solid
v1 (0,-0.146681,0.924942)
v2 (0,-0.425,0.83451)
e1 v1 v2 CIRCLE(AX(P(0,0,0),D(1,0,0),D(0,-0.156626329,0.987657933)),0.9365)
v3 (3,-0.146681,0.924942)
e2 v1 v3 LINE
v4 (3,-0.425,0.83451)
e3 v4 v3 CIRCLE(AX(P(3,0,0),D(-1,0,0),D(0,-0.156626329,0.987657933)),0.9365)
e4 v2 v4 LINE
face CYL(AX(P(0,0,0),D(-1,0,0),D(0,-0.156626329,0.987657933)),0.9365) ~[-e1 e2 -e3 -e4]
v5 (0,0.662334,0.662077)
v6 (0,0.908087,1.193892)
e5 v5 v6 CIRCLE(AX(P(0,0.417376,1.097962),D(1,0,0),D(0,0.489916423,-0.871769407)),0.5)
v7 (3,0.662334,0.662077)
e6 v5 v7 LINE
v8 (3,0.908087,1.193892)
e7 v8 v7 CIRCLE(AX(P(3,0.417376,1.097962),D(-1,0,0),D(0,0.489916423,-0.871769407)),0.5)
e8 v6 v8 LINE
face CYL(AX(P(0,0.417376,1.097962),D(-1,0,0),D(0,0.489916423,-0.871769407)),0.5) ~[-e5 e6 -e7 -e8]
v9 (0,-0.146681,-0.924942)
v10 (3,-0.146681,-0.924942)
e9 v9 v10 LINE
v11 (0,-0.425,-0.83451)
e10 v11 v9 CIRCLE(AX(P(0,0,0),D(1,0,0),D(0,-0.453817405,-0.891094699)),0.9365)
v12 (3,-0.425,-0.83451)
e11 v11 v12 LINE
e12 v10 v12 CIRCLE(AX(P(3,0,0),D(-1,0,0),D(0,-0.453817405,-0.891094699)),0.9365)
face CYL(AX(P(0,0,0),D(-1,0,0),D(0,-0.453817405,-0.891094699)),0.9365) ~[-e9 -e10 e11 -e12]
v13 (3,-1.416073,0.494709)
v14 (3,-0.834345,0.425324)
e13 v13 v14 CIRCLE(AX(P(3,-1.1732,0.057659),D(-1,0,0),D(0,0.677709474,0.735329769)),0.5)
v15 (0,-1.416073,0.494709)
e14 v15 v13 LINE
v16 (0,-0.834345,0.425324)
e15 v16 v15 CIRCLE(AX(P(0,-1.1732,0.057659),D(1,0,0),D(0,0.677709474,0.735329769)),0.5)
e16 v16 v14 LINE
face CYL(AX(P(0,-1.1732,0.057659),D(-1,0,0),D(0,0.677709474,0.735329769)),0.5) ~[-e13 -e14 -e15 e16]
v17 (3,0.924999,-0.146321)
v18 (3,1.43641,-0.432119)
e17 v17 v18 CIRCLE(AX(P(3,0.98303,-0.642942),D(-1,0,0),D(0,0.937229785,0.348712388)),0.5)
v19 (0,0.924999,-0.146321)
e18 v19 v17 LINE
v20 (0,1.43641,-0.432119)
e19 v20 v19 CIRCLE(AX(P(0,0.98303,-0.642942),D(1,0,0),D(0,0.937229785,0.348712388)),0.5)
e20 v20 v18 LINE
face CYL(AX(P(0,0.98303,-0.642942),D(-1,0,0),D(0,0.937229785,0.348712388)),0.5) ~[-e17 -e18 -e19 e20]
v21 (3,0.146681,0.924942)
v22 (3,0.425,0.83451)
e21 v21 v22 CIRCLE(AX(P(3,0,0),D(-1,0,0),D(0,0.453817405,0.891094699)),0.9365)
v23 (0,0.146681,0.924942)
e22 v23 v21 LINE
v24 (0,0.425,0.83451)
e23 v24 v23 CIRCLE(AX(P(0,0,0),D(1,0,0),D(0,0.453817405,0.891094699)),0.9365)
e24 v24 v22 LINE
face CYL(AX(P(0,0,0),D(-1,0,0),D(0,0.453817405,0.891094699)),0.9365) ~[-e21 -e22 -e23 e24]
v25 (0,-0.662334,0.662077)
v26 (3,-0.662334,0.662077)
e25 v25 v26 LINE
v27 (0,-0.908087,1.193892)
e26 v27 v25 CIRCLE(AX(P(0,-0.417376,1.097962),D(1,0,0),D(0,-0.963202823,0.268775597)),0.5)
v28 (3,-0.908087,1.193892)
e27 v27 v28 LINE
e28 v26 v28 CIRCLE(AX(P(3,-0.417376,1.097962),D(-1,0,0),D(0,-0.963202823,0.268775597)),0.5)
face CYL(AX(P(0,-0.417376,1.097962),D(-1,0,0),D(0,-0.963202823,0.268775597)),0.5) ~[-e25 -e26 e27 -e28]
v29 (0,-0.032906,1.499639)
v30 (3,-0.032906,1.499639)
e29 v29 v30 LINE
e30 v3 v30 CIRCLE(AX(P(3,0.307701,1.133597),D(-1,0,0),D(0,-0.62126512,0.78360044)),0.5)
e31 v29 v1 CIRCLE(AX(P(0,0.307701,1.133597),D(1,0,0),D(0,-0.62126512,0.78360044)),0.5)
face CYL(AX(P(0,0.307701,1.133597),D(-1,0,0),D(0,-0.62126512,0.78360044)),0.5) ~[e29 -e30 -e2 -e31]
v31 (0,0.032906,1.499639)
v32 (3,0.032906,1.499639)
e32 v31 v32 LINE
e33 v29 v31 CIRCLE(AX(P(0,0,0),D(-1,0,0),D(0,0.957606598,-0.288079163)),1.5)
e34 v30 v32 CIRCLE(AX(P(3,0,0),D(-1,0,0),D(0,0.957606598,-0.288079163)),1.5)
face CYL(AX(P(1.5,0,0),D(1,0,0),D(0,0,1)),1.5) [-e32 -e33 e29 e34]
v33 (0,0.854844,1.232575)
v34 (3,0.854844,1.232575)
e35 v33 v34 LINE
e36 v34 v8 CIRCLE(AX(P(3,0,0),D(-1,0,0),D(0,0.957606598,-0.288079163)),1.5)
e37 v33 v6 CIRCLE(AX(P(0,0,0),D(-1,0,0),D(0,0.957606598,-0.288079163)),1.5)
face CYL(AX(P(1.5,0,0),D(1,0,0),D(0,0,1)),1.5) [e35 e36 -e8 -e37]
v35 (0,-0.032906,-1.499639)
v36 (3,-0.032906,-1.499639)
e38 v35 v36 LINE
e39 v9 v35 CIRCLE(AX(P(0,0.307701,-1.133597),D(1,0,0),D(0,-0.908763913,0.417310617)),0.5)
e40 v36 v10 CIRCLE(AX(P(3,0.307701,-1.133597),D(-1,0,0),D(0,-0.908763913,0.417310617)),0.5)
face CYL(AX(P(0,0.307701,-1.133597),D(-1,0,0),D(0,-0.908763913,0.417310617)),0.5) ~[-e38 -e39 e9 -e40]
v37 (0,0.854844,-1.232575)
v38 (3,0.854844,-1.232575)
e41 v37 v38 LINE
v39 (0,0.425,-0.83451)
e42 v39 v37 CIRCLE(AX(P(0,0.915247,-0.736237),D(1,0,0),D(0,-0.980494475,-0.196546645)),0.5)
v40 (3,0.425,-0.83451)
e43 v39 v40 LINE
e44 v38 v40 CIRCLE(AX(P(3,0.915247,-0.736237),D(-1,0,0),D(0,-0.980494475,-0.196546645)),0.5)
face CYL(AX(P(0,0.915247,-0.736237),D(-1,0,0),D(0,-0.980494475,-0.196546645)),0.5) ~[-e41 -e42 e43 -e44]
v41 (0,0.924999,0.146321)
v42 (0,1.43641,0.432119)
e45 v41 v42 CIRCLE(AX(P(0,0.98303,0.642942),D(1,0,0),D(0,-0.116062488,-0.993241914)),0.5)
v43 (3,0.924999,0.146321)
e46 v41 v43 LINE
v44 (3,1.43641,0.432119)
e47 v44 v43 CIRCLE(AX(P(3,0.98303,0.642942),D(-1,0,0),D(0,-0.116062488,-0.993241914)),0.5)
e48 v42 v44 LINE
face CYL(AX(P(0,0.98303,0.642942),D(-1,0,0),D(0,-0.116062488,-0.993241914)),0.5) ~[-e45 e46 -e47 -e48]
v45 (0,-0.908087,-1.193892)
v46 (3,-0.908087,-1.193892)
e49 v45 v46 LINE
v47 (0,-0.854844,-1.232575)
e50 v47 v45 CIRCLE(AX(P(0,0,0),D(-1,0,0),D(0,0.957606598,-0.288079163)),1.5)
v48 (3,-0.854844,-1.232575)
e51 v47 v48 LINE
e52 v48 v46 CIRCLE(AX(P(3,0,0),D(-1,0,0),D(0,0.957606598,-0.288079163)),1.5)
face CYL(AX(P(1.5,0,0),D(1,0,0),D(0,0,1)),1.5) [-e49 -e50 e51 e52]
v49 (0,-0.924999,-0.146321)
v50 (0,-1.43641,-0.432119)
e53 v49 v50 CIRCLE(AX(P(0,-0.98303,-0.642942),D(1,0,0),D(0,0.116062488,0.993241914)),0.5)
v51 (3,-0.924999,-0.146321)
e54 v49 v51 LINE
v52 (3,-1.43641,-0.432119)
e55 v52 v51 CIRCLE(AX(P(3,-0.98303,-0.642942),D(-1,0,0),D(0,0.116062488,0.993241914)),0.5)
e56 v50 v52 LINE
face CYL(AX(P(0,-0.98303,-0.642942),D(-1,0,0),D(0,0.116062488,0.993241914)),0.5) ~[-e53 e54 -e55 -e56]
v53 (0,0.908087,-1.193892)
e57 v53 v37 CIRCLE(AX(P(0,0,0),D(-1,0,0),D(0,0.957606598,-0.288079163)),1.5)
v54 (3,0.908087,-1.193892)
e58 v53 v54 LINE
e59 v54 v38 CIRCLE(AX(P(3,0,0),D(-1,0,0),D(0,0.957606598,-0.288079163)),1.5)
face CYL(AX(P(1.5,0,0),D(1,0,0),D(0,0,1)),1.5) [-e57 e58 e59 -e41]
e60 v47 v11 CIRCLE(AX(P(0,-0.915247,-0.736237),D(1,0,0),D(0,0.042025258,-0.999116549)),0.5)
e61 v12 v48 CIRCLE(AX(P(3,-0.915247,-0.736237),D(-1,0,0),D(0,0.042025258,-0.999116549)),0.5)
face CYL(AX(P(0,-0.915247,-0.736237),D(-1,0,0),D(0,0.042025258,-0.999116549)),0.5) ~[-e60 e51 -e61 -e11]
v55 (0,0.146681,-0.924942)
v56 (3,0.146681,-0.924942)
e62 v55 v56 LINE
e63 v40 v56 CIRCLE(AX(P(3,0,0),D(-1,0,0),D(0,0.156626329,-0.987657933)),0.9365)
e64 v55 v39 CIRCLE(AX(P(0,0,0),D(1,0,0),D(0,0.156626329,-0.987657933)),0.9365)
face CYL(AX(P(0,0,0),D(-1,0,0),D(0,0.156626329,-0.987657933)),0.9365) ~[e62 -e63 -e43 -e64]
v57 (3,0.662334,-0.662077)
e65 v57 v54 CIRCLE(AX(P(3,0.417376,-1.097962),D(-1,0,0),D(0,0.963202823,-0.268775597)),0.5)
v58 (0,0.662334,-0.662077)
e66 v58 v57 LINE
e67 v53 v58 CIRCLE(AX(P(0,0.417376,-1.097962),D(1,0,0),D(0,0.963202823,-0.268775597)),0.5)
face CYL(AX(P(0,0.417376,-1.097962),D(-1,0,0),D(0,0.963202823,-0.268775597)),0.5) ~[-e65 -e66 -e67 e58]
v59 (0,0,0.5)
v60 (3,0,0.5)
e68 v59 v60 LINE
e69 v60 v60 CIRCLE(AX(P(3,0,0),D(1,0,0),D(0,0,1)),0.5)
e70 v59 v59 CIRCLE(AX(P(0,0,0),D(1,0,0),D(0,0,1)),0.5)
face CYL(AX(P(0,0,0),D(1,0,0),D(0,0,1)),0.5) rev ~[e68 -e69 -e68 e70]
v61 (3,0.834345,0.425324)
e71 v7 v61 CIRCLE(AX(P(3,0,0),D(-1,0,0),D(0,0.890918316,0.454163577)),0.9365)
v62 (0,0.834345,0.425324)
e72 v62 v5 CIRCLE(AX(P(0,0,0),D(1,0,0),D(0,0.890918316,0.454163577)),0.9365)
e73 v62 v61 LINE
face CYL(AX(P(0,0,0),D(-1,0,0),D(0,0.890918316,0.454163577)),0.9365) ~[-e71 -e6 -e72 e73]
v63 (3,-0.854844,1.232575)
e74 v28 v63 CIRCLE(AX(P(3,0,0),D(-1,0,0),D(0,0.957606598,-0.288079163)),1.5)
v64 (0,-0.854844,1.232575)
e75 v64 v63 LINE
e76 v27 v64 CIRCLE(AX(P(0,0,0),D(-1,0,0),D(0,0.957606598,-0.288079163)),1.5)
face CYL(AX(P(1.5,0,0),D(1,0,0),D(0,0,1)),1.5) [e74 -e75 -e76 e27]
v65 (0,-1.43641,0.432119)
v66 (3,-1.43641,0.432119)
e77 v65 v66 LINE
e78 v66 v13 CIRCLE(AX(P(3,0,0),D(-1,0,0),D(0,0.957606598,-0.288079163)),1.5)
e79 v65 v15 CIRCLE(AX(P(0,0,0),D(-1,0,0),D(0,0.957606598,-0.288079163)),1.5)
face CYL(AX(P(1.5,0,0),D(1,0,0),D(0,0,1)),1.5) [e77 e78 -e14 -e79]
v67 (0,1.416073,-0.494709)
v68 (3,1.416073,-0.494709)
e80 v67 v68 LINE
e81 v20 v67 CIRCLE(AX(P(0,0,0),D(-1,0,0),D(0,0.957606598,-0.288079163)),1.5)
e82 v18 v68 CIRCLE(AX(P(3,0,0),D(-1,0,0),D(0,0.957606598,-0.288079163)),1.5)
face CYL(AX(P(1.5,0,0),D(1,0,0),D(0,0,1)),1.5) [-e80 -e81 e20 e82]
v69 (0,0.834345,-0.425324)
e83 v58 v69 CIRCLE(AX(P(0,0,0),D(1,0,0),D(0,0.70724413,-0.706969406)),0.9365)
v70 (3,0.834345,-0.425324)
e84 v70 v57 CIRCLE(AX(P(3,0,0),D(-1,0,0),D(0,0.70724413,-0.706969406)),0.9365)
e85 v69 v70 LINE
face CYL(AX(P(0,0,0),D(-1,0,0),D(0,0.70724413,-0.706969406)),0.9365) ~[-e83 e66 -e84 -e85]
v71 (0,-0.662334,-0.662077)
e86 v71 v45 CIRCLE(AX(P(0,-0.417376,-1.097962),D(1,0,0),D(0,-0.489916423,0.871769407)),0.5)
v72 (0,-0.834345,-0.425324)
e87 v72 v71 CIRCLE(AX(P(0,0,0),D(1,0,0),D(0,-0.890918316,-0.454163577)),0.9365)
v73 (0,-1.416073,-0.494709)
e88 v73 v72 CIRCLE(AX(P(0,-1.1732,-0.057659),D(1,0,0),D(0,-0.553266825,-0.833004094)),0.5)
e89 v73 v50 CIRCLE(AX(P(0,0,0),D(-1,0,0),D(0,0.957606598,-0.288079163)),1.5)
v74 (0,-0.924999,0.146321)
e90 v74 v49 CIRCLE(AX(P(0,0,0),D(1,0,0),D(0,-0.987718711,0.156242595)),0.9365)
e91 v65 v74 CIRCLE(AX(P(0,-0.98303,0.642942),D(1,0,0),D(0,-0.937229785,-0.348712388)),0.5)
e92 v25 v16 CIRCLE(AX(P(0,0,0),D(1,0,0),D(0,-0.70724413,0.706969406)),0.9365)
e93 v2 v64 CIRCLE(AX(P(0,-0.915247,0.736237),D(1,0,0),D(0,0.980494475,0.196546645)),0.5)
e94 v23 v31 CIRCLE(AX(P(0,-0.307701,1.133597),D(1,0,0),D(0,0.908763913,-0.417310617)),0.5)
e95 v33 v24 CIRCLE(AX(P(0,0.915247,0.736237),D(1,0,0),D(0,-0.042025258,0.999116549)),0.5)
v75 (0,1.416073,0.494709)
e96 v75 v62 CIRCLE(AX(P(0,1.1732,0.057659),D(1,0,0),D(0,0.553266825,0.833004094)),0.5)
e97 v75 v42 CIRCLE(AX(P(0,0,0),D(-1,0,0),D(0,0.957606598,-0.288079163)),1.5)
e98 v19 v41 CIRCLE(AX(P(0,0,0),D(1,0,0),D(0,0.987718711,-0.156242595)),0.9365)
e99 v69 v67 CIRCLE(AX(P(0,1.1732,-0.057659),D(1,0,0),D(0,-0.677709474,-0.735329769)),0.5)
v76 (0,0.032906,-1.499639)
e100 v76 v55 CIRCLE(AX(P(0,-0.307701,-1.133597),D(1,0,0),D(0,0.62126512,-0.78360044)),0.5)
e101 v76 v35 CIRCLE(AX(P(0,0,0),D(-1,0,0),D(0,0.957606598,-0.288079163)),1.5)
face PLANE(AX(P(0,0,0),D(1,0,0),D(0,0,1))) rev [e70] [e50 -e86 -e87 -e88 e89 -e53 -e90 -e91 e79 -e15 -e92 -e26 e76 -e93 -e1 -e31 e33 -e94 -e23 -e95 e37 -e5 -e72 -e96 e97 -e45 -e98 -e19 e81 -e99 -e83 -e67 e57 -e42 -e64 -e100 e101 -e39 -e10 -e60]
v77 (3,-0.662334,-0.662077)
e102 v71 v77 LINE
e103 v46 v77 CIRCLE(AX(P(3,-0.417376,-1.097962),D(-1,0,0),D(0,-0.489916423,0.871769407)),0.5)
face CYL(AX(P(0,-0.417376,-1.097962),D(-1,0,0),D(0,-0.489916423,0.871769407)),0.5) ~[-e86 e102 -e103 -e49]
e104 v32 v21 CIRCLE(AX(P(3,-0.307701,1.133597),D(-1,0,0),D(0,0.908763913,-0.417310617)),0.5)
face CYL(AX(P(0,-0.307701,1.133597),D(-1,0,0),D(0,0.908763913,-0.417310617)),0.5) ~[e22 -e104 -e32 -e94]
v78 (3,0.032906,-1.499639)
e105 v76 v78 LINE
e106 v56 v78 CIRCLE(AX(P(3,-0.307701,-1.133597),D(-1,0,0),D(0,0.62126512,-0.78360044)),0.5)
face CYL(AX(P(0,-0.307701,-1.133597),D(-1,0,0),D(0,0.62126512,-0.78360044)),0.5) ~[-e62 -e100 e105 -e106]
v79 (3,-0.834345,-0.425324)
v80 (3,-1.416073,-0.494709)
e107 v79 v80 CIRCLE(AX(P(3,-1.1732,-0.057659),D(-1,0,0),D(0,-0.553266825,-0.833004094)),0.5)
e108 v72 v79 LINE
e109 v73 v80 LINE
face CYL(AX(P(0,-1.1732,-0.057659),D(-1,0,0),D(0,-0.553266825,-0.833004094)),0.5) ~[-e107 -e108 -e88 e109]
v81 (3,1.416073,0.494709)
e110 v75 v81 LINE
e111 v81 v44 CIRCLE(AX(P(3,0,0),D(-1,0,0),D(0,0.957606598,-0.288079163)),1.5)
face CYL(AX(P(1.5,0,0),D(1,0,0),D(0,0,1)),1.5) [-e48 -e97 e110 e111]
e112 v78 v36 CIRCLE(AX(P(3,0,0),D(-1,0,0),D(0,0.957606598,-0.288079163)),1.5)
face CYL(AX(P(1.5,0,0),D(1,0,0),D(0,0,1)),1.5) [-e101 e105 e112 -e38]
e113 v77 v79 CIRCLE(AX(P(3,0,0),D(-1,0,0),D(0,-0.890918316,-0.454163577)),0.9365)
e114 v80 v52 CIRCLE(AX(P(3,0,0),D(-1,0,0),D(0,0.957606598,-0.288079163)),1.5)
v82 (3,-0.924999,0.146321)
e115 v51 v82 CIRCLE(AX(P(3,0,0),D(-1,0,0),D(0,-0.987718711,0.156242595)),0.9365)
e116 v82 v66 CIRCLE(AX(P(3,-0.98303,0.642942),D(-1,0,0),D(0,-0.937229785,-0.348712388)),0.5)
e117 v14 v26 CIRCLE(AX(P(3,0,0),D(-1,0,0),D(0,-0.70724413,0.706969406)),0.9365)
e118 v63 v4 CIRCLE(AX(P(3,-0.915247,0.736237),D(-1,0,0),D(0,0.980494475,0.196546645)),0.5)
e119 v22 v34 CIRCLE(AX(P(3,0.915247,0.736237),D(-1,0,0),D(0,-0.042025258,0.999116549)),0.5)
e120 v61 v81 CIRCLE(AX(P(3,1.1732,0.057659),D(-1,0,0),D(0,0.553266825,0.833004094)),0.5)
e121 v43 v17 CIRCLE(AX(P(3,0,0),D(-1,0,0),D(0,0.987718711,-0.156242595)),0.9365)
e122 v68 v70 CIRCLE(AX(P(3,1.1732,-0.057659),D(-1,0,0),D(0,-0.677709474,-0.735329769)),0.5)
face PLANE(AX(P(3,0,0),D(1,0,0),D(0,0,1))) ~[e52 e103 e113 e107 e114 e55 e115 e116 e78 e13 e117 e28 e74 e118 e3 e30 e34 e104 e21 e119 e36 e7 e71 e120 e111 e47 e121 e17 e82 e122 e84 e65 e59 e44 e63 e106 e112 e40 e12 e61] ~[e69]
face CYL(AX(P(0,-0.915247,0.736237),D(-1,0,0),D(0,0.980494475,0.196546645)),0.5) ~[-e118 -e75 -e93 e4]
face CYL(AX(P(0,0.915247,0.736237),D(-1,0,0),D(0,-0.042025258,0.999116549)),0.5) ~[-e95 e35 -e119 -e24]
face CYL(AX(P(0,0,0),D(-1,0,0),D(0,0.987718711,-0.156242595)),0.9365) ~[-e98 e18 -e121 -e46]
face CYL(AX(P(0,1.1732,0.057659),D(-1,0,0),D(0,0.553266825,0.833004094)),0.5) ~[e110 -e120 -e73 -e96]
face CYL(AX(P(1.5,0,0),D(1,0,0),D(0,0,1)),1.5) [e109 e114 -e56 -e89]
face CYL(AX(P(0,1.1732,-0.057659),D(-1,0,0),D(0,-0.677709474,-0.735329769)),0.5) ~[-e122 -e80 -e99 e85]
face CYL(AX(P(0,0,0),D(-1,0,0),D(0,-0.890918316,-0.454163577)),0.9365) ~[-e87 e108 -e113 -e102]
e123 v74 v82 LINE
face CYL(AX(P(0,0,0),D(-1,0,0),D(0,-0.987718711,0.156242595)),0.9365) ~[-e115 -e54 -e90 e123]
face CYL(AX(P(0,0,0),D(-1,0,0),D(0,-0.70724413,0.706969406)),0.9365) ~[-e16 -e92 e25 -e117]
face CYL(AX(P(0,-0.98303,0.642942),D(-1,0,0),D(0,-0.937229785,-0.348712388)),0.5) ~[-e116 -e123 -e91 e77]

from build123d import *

# Parameters (mm, degrees)
BASPROSKE_W     = 3
BASPROSKE_H     = 1.5
TOOTHCUT_DEPTH  = 4.674234614
TEETHCUTS_COUNT = 10
TEETHCUTS_ANGLE = 324
BORSKE_R        = 0.5
BORE_DEPTH      = 50.0000508


with BuildPart() as part:
    # BasProSke → Base-Revolve (revolve)
    with BuildSketch(Plane(origin=(0, 0, 0), x_dir=(1, 0, 0), z_dir=(0, 1, 0)), mode=Mode.PRIVATE) as base_revolve_sk:
        with Locations((1.5, 0.75)):
            Rectangle(BASPROSKE_W, BASPROSKE_H)
    revolve(base_revolve_sk.sketch.rotate(Axis((-10, 0, 0), (1, 0, 0)), 180), axis=Axis((-10, 0, 0), (1, 0, 0)))

    # TooCutSke → ToothCut (cut, through all)
    with BuildSketch(Plane(origin=(0, 0, 0), x_dir=(0, 0, -1), z_dir=(1, 0, 0))):
        with BuildLine():
            ThreePointArc((0.146321185, 0.924998573), (0, 0.9365), (-0.146321185, 0.924998573))
            ThreePointArc((-0.146321185, 0.924998573), (-0.216454601, 1.244005636), (-0.468585949, 1.451644712))
            ThreePointArc((-0.468585949, 1.451644712), (0, 1.5254), (0.468585949, 1.451644712))
            ThreePointArc((0.468585949, 1.451644712), (0.216454601, 1.244005636), (0.146321185, 0.924998573))
        make_face()
    toothcut = extrude(amount=TOOTHCUT_DEPTH, mode=Mode.SUBTRACT)

    # TeethCuts: ToothCut ×10 about axis
    teethcuts_axis = Axis((-10, 0, 0), (1, 0, 0))
    for i in range(1, TEETHCUTS_COUNT):
        add(toothcut.rotate(teethcuts_axis, i * TEETHCUTS_ANGLE / (TEETHCUTS_COUNT - 1)), mode=Mode.SUBTRACT)

    # BorSke → Bore (cut, symmetric)
    with BuildSketch(Plane(origin=(0, 0, 0), x_dir=(0, 0, -1), z_dir=(1, 0, 0))):
        with Locations(Location((0, 0, 0), (0, 0, 180))):
            Circle(BORSKE_R)
    extrude(amount=BORE_DEPTH, both=True, mode=Mode.SUBTRACT)


solid = part.part
